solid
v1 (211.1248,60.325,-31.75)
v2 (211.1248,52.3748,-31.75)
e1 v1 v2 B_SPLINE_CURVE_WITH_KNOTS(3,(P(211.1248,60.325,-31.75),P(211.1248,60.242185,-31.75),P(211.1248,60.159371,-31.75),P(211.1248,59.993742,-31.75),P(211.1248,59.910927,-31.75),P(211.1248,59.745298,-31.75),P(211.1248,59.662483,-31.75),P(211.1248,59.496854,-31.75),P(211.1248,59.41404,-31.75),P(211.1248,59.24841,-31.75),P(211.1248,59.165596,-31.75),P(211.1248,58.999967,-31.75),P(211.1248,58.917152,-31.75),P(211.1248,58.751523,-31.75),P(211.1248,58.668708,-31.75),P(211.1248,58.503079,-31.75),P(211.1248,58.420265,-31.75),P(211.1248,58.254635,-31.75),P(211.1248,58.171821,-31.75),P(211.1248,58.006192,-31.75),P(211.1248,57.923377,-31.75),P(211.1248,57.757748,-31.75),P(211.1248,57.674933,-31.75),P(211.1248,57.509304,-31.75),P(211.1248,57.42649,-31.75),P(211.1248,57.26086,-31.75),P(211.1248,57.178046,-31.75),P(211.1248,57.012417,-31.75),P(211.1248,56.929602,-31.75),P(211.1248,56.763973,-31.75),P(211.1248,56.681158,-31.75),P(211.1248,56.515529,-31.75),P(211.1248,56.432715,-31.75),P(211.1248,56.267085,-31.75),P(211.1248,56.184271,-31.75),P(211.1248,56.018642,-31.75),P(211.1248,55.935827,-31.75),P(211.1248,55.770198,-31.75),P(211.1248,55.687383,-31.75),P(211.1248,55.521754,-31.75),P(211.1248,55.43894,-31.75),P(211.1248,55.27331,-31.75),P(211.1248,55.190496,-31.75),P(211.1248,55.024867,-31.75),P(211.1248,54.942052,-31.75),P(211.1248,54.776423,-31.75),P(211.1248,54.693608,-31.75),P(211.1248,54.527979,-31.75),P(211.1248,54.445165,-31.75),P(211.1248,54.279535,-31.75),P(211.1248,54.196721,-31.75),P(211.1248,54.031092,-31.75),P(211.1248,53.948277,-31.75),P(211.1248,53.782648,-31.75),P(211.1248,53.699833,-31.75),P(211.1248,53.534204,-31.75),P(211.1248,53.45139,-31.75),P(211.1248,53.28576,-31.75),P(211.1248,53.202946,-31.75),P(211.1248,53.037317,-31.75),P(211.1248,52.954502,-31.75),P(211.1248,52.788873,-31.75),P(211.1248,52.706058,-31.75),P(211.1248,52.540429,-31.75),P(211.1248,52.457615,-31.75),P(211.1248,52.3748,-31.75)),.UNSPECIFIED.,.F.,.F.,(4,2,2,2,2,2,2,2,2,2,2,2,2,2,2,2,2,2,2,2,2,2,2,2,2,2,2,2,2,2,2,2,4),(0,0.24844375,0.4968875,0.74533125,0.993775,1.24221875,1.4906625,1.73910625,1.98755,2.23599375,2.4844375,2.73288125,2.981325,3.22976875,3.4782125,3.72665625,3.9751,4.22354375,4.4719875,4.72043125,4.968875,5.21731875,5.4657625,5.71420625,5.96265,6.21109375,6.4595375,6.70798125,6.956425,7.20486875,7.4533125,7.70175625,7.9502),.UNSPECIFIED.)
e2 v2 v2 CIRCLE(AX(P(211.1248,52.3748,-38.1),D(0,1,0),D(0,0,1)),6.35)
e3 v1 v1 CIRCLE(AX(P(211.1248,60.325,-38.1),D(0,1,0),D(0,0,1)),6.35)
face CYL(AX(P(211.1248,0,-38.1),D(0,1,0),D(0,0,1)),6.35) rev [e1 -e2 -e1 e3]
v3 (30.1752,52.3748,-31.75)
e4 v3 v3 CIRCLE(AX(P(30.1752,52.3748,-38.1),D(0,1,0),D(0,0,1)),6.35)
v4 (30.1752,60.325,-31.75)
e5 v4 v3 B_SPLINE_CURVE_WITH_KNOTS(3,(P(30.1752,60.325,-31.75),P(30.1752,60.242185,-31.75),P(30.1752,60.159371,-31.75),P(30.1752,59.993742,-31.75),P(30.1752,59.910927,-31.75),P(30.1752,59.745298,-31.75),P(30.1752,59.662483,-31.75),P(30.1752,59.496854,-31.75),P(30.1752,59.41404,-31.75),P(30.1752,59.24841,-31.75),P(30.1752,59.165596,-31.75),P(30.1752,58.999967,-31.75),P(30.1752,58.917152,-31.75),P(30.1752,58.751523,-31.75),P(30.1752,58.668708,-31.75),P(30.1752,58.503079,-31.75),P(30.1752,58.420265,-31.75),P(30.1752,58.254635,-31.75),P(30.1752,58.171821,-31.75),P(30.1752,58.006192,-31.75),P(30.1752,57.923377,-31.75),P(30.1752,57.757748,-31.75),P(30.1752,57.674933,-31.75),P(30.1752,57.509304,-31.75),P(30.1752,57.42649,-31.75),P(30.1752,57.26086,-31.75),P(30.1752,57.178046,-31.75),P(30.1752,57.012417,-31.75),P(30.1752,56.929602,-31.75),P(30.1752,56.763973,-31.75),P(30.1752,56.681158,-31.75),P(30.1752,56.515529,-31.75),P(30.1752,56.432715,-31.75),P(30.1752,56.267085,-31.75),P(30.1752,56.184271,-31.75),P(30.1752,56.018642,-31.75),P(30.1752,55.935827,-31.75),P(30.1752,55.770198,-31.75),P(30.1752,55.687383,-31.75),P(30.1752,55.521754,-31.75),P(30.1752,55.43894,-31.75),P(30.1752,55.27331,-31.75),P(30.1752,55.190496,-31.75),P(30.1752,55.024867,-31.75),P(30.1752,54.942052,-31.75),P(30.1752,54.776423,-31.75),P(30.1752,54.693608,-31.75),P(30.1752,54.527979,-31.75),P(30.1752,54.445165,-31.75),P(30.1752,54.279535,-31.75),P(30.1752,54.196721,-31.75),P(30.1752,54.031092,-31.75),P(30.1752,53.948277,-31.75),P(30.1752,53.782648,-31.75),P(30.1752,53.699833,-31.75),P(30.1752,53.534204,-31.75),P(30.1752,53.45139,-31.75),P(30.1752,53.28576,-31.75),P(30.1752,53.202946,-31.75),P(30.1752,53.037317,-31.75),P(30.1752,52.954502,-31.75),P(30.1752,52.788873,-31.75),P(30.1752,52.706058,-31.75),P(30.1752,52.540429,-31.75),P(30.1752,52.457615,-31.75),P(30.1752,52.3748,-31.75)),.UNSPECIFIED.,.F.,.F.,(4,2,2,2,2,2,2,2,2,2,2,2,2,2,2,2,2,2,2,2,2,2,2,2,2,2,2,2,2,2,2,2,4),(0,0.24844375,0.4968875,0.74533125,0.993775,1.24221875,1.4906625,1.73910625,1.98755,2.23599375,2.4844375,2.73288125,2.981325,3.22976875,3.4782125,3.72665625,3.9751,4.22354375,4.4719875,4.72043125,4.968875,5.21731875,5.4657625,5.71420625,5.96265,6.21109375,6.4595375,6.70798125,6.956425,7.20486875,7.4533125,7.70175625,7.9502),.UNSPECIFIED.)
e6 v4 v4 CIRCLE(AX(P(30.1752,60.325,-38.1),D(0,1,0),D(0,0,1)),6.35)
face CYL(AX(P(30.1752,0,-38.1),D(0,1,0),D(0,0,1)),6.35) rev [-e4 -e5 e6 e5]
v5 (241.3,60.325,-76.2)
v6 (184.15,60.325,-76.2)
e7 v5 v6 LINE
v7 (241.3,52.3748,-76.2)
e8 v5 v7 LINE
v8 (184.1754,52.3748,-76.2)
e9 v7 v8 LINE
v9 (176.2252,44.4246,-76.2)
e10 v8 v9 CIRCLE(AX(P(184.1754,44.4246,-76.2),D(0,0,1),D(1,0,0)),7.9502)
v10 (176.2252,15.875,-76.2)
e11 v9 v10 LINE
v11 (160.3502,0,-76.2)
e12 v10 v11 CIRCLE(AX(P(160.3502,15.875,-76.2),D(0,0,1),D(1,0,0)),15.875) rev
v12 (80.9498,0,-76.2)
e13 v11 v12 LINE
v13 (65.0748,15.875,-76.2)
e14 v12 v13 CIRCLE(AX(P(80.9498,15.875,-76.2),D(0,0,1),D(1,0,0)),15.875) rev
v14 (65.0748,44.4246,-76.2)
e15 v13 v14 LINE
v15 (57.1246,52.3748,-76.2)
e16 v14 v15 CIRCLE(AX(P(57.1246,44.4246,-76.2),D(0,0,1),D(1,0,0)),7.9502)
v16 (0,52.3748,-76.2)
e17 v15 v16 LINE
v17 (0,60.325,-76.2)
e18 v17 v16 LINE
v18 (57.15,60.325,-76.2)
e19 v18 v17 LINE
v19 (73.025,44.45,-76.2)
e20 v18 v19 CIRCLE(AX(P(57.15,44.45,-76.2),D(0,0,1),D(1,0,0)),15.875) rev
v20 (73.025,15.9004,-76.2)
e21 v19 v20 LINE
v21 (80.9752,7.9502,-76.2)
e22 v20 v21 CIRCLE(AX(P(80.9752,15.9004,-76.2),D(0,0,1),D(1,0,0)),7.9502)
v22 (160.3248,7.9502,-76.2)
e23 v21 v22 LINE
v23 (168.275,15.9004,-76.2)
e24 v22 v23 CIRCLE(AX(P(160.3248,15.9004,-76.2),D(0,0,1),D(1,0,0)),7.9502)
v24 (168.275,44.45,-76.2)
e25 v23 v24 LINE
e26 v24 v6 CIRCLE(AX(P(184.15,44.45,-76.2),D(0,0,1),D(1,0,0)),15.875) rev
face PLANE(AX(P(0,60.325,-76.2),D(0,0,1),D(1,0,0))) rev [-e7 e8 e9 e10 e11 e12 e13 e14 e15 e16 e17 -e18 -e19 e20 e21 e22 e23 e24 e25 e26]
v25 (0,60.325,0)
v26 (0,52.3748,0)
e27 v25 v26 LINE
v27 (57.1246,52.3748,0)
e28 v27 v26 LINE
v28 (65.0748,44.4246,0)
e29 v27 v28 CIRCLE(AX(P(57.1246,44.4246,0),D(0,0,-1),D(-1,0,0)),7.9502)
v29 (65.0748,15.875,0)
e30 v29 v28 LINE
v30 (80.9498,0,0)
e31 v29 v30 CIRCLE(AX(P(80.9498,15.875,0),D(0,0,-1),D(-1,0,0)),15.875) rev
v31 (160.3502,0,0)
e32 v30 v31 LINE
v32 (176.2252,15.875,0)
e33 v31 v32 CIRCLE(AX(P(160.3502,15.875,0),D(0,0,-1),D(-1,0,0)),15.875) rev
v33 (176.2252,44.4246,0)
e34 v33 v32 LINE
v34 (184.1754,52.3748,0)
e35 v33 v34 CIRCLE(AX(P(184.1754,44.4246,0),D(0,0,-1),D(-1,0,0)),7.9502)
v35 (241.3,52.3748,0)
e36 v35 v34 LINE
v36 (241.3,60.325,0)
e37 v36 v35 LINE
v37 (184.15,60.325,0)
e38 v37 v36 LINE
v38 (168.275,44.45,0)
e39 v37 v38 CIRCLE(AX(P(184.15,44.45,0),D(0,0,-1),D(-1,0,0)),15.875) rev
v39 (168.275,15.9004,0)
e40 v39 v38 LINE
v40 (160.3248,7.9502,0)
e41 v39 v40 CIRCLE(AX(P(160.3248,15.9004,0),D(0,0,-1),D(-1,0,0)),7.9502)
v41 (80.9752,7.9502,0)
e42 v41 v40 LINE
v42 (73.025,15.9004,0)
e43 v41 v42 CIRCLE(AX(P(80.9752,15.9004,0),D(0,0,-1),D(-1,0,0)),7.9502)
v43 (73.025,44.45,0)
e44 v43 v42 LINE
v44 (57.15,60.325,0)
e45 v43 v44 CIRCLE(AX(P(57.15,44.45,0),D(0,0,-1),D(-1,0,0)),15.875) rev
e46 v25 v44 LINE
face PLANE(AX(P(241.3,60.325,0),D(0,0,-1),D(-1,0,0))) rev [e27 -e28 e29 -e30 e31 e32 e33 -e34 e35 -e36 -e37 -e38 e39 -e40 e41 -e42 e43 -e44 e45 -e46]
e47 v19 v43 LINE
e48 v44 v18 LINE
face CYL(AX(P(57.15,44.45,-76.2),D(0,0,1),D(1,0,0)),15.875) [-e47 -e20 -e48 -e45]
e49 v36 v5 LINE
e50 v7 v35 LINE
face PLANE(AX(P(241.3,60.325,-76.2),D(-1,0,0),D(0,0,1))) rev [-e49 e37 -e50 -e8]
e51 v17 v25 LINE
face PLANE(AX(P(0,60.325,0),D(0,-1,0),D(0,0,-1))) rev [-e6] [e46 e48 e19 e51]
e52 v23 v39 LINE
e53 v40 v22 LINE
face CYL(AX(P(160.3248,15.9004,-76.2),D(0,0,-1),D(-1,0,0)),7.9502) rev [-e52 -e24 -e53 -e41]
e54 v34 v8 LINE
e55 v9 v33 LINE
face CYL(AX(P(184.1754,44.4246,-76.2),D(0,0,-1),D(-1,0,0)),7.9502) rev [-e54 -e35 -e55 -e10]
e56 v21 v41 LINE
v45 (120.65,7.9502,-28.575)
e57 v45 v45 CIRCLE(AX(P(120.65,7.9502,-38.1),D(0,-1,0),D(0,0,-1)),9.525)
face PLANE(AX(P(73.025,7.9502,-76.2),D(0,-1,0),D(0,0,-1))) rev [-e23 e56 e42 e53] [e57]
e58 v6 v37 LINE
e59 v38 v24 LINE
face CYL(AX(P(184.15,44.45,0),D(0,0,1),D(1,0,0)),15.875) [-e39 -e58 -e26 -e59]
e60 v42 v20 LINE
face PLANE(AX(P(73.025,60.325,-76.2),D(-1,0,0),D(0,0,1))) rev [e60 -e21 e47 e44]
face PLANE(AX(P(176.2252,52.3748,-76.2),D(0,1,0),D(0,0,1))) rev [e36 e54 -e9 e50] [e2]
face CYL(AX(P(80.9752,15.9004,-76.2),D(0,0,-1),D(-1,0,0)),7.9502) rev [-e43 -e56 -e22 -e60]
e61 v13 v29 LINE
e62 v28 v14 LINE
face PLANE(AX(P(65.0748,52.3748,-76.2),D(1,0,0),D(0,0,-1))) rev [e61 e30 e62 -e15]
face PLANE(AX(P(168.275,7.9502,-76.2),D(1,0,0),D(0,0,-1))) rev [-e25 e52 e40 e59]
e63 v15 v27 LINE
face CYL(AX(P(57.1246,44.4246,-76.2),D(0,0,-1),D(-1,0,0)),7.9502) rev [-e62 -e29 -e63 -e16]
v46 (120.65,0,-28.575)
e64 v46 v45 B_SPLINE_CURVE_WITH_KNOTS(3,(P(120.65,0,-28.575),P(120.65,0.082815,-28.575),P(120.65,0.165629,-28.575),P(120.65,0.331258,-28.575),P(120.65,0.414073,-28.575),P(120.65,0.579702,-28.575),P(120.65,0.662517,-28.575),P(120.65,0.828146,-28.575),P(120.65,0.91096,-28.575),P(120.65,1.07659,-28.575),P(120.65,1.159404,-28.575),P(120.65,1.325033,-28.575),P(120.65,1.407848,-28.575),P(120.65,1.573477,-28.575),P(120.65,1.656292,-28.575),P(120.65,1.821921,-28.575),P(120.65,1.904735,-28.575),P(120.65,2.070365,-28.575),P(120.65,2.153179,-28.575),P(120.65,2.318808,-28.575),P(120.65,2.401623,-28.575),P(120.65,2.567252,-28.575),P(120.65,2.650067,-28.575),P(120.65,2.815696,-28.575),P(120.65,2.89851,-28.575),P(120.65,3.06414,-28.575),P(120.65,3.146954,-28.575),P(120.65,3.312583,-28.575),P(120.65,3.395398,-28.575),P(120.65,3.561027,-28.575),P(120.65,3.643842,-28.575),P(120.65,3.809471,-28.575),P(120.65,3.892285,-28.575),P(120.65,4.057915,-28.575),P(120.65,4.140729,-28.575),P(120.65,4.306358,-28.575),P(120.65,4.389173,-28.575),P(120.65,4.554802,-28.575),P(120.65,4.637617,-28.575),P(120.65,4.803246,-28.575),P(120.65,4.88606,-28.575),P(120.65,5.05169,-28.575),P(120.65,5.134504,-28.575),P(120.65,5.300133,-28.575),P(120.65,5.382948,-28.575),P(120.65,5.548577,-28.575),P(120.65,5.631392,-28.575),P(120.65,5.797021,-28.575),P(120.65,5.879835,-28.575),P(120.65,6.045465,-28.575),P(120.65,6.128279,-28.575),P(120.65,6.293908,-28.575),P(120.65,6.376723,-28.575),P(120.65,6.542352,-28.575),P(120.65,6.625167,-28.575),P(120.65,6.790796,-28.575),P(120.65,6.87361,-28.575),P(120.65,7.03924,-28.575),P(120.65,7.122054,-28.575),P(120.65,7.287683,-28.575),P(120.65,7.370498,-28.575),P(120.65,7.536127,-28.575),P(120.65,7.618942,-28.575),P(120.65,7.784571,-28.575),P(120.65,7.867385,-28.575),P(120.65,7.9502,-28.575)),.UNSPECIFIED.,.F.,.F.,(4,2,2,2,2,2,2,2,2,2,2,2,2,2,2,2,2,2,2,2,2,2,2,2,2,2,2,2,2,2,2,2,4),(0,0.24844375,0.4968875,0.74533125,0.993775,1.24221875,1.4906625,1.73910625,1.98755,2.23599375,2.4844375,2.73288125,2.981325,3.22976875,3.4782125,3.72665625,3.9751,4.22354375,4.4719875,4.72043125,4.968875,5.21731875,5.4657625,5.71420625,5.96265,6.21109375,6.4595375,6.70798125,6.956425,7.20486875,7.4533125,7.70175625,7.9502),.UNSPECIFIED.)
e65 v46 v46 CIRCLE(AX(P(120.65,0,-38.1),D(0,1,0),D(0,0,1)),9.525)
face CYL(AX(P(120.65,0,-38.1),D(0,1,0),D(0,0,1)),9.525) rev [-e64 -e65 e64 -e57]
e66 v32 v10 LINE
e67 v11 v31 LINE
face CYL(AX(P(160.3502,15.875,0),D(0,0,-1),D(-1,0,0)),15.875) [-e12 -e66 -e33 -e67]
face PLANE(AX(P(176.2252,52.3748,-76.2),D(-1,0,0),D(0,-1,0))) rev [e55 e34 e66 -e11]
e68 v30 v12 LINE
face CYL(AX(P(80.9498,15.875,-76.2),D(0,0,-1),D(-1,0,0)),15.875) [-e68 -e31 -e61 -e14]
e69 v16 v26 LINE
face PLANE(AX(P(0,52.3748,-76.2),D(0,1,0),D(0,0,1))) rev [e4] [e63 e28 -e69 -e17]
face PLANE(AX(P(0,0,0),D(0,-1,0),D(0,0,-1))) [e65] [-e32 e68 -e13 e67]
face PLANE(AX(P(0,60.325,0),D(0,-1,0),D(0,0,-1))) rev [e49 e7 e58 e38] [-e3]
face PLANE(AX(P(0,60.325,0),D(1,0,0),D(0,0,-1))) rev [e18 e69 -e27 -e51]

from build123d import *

# Parameters (mm, degrees)
SKETCH1_W           = 241.3
SKETCH1_H           = 76.2
BOSS_EXTRUDE1_DEPTH = 60.325
SKETCH3_W           = 65.0748
SKETCH3_H           = 52.3748
CUT_EXTRUDE4_DEPTH  = 261.136955516
SKETCH6_W           = 95.25
SKETCH6_H           = 52.3748
CUT_EXTRUDE5_DEPTH  = 261.136955516
SKETCH7_W           = 65.0748
SKETCH7_H           = 52.3748
CUT_EXTRUDE6_DEPTH  = 261.136955516
SKETCH8_R           = 6.35
CUT_EXTRUDE7_DEPTH  = 261.136955516
SKETCH9_R           = 9.525
CUT_EXTRUDE8_DEPTH  = 261.136955516
FILLET1_R           = 15.875
FILLET2_R           = 7.9502
FILLET3_R           = 7.9502
FILLET4_R           = 15.875
FILLET5_R           = 15.875
FILLET6_R           = 15.875
FILLET7_R           = 7.9502
FILLET8_R           = 7.9502


with BuildPart() as part:
    # Sketch1 → Boss-Extrude1 (new body)
    with BuildSketch(Plane(origin=(0, 0, 0), x_dir=(1, 0, 0), z_dir=(0, 1, 0))):
        with Locations((120.65, 38.1)):
            Rectangle(SKETCH1_W, SKETCH1_H)
    extrude(amount=BOSS_EXTRUDE1_DEPTH)

    # Sketch3 → Cut-Extrude4 (cut, through all)
    with BuildSketch(Plane.XY):
        with Locations((208.7626, 26.1874)):
            Rectangle(SKETCH3_W, SKETCH3_H)
    extrude(amount=-CUT_EXTRUDE4_DEPTH, mode=Mode.SUBTRACT)

    # Sketch6 → Cut-Extrude5 (cut, through all)
    with BuildSketch(Plane.XY):
        with Locations((120.65, 34.1376)):
            Rectangle(SKETCH6_W, SKETCH6_H)
    extrude(amount=-CUT_EXTRUDE5_DEPTH, mode=Mode.SUBTRACT)

    # Sketch7 → Cut-Extrude6 (cut, through all)
    with BuildSketch(Plane.XY):
        with Locations((32.5374, 26.1874)):
            Rectangle(SKETCH7_W, SKETCH7_H)
    extrude(amount=-CUT_EXTRUDE6_DEPTH, mode=Mode.SUBTRACT)

    # Sketch8 → Cut-Extrude7 (cut, through all)
    with BuildSketch(Plane(origin=(0, 60.325, 0), x_dir=(1, 0, 0), z_dir=(0, 1, 0))):
        with Locations(Location((30.1752, 38.1, 0), (0, 0, 270))):
            Circle(SKETCH8_R)
        with Locations(Location((211.1248, 38.1, 0), (0, 0, 270))):
            Circle(SKETCH8_R)
    extrude(amount=-CUT_EXTRUDE7_DEPTH, mode=Mode.SUBTRACT)

    # Sketch9 → Cut-Extrude8 (cut, through all)
    with BuildSketch(Plane(origin=(0, 60.325, 0), x_dir=(1, 0, 0), z_dir=(0, 1, 0))):
        with Locations(Location((120.65, 38.1, 0), (0, 0, 270))):
            Circle(SKETCH9_R)
    extrude(amount=-CUT_EXTRUDE8_DEPTH, mode=Mode.SUBTRACT)

    # Fillet1
    fillet1_edges = [part.edges().sort_by_distance(p)[0] for p in [
        (73.025, 60.325, -38.1),
    ]]
    fillet(fillet1_edges, radius=FILLET1_R)

    # Fillet2
    fillet2_edges = [part.edges().sort_by_distance(p)[0] for p in [
        (73.025, 7.9502, -38.1),
    ]]
    fillet(fillet2_edges, radius=FILLET2_R)

    # Fillet3
    fillet3_edges = [part.edges().sort_by_distance(p)[0] for p in [
        (168.275, 7.9502, -38.1),
    ]]
    fillet(fillet3_edges, radius=FILLET3_R)

    # Fillet4
    fillet4_edges = [part.edges().sort_by_distance(p)[0] for p in [
        (168.275, 60.325, -38.1),
    ]]
    fillet(fillet4_edges, radius=FILLET4_R)

    # Fillet5
    fillet5_edges = [part.edges().sort_by_distance(p)[0] for p in [
        (176.2252, 0, -38.1),
    ]]
    fillet(fillet5_edges, radius=FILLET5_R)

    # Fillet6
    fillet6_edges = [part.edges().sort_by_distance(p)[0] for p in [
        (65.0748, 0, -38.1),
    ]]
    fillet(fillet6_edges, radius=FILLET6_R)

    # Fillet7
    fillet7_edges = [part.edges().sort_by_distance(p)[0] for p in [
        (65.0748, 52.3748, -38.1),
    ]]
    fillet(fillet7_edges, radius=FILLET7_R)

    # Fillet8
    fillet8_edges = [part.edges().sort_by_distance(p)[0] for p in [
        (176.2252, 52.3748, -38.1),
    ]]
    fillet(fillet8_edges, radius=FILLET8_R)


solid = part.part
